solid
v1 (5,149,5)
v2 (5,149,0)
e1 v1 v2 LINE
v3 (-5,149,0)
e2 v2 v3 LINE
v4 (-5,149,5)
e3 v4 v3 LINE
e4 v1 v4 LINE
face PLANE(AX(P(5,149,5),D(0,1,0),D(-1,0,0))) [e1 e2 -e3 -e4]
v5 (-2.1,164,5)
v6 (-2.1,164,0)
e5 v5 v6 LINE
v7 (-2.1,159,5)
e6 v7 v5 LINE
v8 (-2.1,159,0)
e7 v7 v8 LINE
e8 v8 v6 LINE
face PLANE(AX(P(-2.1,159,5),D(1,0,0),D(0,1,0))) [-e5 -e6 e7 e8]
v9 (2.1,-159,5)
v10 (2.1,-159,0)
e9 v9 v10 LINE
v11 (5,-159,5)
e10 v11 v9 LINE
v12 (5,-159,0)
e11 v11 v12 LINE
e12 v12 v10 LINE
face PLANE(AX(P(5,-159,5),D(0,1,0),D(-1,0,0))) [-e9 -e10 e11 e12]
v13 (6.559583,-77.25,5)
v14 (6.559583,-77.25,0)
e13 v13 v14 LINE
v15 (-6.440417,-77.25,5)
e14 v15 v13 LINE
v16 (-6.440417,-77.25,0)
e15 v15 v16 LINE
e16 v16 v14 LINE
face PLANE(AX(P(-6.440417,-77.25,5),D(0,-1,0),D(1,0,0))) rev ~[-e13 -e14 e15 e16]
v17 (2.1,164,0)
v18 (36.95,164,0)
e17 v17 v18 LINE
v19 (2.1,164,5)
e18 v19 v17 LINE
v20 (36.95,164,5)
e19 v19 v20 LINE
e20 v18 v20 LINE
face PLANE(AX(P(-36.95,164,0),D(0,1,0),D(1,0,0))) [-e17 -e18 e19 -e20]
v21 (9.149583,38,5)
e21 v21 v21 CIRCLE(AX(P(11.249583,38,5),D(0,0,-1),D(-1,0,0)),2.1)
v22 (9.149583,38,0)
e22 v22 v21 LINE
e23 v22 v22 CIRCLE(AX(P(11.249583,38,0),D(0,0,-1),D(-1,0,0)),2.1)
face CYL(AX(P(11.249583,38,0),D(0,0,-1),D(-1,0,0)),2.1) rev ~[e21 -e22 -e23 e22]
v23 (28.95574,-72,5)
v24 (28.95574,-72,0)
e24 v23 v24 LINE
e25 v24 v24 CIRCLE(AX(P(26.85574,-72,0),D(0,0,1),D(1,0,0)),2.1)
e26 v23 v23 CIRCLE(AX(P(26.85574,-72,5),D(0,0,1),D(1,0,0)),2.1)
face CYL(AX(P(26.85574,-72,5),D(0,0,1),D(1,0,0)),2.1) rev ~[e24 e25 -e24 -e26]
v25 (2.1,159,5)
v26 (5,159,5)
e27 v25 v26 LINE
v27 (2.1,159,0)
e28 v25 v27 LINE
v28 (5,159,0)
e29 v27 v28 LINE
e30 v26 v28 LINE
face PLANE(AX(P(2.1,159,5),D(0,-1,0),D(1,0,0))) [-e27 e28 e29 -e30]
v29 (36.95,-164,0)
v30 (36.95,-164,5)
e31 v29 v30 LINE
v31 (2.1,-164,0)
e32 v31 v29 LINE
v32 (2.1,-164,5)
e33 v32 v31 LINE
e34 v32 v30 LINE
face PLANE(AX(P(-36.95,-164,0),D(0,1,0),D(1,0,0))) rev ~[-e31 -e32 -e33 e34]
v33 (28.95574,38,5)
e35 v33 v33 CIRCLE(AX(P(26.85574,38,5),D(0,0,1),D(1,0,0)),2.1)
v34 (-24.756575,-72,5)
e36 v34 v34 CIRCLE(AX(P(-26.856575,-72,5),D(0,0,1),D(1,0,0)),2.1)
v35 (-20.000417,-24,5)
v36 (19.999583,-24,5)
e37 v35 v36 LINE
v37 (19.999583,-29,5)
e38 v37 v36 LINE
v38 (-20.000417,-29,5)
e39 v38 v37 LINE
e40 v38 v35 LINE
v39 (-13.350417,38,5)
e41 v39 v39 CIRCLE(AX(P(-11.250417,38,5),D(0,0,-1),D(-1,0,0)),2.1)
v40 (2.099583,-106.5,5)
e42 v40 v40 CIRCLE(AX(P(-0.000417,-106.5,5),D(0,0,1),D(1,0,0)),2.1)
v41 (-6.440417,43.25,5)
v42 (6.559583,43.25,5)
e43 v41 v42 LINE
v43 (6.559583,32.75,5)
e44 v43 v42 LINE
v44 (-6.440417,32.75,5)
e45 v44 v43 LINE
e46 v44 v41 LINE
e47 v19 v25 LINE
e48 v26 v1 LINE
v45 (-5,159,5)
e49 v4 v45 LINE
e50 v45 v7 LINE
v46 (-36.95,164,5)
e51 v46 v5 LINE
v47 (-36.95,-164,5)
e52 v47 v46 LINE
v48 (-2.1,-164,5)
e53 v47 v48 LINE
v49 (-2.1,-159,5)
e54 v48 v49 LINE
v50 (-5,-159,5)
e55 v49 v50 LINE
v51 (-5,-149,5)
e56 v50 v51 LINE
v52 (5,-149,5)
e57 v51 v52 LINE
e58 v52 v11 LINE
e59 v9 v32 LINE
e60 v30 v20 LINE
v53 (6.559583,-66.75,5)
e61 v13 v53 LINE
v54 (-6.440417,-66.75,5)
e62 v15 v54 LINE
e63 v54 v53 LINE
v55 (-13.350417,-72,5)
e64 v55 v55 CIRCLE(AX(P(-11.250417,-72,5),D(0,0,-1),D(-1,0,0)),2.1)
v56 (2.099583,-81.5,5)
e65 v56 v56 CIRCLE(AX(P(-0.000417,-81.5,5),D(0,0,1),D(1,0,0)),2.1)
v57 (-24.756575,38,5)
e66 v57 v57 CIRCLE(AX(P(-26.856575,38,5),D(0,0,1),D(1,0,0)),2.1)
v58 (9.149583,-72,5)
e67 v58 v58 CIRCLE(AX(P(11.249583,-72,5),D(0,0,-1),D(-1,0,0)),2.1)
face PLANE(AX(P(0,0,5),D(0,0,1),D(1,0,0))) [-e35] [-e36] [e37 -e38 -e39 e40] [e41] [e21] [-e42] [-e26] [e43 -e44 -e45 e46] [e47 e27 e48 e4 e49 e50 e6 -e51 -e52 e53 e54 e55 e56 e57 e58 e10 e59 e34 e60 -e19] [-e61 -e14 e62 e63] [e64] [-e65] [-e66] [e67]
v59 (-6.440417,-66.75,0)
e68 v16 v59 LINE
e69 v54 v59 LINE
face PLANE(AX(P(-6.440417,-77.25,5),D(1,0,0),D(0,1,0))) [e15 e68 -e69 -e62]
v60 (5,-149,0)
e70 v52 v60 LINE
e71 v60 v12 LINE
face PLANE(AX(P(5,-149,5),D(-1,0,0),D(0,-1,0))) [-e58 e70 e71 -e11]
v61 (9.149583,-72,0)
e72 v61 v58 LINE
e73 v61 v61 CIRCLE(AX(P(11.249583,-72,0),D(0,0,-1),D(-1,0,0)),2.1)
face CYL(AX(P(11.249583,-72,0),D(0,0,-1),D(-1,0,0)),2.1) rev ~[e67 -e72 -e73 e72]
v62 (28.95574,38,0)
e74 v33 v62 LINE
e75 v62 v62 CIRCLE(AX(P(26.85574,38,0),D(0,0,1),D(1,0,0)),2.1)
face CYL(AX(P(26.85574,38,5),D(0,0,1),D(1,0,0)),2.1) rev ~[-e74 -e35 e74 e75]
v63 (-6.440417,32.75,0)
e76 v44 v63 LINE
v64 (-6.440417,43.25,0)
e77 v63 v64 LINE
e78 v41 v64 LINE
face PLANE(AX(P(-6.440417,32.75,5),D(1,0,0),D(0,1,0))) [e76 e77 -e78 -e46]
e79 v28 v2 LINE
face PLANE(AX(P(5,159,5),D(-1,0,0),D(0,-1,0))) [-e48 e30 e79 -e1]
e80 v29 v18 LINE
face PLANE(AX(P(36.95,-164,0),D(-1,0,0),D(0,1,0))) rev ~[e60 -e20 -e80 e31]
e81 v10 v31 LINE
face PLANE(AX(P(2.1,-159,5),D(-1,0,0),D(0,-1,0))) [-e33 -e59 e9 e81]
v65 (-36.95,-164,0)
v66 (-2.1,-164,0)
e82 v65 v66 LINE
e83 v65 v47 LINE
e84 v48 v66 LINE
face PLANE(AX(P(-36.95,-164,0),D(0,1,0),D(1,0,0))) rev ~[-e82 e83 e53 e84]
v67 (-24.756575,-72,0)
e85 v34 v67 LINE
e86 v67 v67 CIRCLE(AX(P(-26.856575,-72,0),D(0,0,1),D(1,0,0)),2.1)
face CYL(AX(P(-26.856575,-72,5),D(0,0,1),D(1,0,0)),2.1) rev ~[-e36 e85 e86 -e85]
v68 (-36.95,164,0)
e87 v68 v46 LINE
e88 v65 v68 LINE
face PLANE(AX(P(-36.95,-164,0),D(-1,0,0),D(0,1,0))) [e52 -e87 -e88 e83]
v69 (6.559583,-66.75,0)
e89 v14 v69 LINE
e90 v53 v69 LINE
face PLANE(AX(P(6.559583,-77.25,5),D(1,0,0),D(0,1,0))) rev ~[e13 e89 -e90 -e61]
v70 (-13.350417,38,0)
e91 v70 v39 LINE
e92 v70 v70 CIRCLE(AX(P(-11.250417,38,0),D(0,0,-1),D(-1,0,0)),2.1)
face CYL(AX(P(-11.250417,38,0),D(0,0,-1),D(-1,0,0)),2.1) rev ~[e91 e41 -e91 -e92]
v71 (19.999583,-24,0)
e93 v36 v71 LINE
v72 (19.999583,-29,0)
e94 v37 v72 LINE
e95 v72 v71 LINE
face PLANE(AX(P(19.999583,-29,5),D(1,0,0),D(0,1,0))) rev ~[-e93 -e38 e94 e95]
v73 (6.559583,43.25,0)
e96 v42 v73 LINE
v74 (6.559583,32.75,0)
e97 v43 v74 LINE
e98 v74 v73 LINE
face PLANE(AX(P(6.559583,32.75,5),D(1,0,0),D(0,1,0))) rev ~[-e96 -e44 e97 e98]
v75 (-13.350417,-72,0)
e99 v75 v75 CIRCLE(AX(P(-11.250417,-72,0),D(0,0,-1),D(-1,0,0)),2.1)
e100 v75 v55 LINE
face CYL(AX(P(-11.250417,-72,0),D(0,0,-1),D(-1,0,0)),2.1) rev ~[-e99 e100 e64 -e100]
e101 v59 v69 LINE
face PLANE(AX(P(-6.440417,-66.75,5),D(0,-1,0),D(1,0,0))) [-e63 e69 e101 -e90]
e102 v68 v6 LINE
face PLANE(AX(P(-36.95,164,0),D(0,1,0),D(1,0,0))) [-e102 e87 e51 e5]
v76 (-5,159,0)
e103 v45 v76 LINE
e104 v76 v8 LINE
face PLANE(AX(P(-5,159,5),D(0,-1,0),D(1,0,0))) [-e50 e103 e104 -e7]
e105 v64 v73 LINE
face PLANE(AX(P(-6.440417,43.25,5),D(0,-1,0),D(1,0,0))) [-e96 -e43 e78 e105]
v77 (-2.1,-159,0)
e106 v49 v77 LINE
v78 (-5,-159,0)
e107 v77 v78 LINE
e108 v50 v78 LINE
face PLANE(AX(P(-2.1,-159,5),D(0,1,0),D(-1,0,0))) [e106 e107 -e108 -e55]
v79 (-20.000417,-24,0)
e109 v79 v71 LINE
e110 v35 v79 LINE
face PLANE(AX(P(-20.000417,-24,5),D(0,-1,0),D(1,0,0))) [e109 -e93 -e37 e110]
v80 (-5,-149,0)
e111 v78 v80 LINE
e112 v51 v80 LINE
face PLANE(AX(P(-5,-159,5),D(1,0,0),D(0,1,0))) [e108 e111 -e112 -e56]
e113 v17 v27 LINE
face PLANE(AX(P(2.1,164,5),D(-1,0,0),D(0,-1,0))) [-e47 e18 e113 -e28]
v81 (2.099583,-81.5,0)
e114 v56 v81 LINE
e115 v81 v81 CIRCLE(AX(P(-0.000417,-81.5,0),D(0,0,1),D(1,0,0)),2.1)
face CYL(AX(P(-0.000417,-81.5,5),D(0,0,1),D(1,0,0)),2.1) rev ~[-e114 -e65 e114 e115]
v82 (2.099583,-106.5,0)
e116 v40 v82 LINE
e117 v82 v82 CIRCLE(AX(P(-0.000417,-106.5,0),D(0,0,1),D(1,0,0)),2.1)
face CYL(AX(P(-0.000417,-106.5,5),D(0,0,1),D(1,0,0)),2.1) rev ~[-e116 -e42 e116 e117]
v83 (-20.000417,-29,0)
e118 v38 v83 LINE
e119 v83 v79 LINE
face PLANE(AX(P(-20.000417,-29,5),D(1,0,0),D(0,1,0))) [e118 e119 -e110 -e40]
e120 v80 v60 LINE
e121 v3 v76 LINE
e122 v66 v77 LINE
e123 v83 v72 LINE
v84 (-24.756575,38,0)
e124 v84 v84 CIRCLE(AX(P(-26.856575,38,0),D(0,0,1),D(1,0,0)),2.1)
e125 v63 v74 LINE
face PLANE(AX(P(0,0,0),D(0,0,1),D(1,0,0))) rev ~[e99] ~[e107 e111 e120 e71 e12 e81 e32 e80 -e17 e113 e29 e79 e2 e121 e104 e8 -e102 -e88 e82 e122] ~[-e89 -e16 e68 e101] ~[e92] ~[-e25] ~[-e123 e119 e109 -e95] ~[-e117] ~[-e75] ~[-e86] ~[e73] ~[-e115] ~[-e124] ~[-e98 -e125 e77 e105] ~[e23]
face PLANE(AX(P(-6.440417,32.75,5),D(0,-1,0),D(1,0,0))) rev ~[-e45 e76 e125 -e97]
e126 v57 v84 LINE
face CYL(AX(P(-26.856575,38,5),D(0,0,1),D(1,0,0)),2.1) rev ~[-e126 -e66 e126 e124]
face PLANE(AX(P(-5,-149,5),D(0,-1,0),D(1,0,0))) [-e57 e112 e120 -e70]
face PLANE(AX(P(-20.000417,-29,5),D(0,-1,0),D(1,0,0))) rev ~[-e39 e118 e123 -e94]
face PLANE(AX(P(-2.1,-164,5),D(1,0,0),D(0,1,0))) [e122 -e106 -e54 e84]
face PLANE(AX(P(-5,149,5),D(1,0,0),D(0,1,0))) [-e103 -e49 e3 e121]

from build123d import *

# Parameters (mm, degrees)
SKETCH1_W           = 73.9
SKETCH1_H           = 328
BOSS_EXTRUDE1_DEPTH = 5
SKETCH2_R           = 2.1
CUT_EXTRUDE1_DEPTH  = 10
CUT_EXTRUDE2_DEPTH  = 10
SKETCH5_R           = 2.1
CUT_EXTRUDE3_DEPTH  = 5
SKETCH6_R           = 2.1
SKETCH6_W           = 13
SKETCH6_H           = 10.5
CUT_EXTRUDE4_DEPTH  = 180
SKETCH7_R           = 2.1
CUT_EXTRUDE5_DEPTH  = 180
SKETCH8_W           = 40
SKETCH8_H           = 5
CUT_EXTRUDE6_DEPTH  = 5


with BuildPart() as part:
    # Sketch1 → Boss-Extrude1 (new body)
    with BuildSketch(Plane.XY):
        Rectangle(SKETCH1_W, SKETCH1_H)
    extrude(amount=BOSS_EXTRUDE1_DEPTH)

    # Sketch2 → Cut-Extrude1 (cut)
    with BuildSketch(Plane.XY.offset(5)):
        with Locations((-0.000417228, -81.5)):
            Circle(SKETCH2_R)
    extrude(amount=-CUT_EXTRUDE1_DEPTH, mode=Mode.SUBTRACT)

    # Sketch3 → Cut-Extrude2 (cut)
    with BuildSketch(Plane.XY.offset(5)):
        Polygon((-2.1, -164), (-2.1, -159), (-5, -159), (-5, -149), (5, -149), (5, -159), (2.1, -159), (2.1, -164), align=None)
        Polygon((2.1, 164), (2.1, 159), (5, 159), (5, 149), (-5, 149), (-5, 159), (-2.1, 159), (-2.1, 164), align=None)
    extrude(amount=-CUT_EXTRUDE2_DEPTH, mode=Mode.SUBTRACT)

    # Sketch5 → Cut-Extrude3 (cut)
    with BuildSketch(Plane.XY.offset(5)):
        with Locations((-0.000417228, -106.5)):
            Circle(SKETCH5_R)
    extrude(amount=-CUT_EXTRUDE3_DEPTH, mode=Mode.SUBTRACT)

    # Sketch6 → Cut-Extrude4 (cut)
    with BuildSketch(Plane.XY.offset(5)):
        with Locations((-26.856574817, 38)):
            Circle(SKETCH6_R)
        with Locations((26.85574036, 38)):
            Circle(SKETCH6_R)
        with Locations((26.85574036, -72)):
            Circle(SKETCH6_R)
        with Locations((-26.856574817, -72)):
            Circle(SKETCH6_R)
        with Locations((0.059582772, 38)):
            Rectangle(SKETCH6_W, SKETCH6_H)
        with Locations((0.059582772, -72)):
            Rectangle(SKETCH6_W, SKETCH6_H)
    extrude(amount=-CUT_EXTRUDE4_DEPTH, mode=Mode.SUBTRACT)

    # Sketch7 → Cut-Extrude5 (cut)
    with BuildSketch(Plane(origin=(0, 0, 0), x_dir=(-1, 0, 0), z_dir=(0, 0, -1))):
        with Locations((11.250417228, 38)):
            Circle(SKETCH7_R)
        with Locations((-11.249582772, 38)):
            Circle(SKETCH7_R)
        with Locations((-11.249582772, -72)):
            Circle(SKETCH7_R)
        with Locations((11.250417228, -72)):
            Circle(SKETCH7_R)
    extrude(amount=-CUT_EXTRUDE5_DEPTH, mode=Mode.SUBTRACT)

    # Sketch8 → Cut-Extrude6 (cut)
    with BuildSketch(Plane.XY.offset(5)):
        with Locations((-0.000417229, -26.5)):
            Rectangle(SKETCH8_W, SKETCH8_H)
    extrude(amount=-CUT_EXTRUDE6_DEPTH, mode=Mode.SUBTRACT)


solid = part.part
